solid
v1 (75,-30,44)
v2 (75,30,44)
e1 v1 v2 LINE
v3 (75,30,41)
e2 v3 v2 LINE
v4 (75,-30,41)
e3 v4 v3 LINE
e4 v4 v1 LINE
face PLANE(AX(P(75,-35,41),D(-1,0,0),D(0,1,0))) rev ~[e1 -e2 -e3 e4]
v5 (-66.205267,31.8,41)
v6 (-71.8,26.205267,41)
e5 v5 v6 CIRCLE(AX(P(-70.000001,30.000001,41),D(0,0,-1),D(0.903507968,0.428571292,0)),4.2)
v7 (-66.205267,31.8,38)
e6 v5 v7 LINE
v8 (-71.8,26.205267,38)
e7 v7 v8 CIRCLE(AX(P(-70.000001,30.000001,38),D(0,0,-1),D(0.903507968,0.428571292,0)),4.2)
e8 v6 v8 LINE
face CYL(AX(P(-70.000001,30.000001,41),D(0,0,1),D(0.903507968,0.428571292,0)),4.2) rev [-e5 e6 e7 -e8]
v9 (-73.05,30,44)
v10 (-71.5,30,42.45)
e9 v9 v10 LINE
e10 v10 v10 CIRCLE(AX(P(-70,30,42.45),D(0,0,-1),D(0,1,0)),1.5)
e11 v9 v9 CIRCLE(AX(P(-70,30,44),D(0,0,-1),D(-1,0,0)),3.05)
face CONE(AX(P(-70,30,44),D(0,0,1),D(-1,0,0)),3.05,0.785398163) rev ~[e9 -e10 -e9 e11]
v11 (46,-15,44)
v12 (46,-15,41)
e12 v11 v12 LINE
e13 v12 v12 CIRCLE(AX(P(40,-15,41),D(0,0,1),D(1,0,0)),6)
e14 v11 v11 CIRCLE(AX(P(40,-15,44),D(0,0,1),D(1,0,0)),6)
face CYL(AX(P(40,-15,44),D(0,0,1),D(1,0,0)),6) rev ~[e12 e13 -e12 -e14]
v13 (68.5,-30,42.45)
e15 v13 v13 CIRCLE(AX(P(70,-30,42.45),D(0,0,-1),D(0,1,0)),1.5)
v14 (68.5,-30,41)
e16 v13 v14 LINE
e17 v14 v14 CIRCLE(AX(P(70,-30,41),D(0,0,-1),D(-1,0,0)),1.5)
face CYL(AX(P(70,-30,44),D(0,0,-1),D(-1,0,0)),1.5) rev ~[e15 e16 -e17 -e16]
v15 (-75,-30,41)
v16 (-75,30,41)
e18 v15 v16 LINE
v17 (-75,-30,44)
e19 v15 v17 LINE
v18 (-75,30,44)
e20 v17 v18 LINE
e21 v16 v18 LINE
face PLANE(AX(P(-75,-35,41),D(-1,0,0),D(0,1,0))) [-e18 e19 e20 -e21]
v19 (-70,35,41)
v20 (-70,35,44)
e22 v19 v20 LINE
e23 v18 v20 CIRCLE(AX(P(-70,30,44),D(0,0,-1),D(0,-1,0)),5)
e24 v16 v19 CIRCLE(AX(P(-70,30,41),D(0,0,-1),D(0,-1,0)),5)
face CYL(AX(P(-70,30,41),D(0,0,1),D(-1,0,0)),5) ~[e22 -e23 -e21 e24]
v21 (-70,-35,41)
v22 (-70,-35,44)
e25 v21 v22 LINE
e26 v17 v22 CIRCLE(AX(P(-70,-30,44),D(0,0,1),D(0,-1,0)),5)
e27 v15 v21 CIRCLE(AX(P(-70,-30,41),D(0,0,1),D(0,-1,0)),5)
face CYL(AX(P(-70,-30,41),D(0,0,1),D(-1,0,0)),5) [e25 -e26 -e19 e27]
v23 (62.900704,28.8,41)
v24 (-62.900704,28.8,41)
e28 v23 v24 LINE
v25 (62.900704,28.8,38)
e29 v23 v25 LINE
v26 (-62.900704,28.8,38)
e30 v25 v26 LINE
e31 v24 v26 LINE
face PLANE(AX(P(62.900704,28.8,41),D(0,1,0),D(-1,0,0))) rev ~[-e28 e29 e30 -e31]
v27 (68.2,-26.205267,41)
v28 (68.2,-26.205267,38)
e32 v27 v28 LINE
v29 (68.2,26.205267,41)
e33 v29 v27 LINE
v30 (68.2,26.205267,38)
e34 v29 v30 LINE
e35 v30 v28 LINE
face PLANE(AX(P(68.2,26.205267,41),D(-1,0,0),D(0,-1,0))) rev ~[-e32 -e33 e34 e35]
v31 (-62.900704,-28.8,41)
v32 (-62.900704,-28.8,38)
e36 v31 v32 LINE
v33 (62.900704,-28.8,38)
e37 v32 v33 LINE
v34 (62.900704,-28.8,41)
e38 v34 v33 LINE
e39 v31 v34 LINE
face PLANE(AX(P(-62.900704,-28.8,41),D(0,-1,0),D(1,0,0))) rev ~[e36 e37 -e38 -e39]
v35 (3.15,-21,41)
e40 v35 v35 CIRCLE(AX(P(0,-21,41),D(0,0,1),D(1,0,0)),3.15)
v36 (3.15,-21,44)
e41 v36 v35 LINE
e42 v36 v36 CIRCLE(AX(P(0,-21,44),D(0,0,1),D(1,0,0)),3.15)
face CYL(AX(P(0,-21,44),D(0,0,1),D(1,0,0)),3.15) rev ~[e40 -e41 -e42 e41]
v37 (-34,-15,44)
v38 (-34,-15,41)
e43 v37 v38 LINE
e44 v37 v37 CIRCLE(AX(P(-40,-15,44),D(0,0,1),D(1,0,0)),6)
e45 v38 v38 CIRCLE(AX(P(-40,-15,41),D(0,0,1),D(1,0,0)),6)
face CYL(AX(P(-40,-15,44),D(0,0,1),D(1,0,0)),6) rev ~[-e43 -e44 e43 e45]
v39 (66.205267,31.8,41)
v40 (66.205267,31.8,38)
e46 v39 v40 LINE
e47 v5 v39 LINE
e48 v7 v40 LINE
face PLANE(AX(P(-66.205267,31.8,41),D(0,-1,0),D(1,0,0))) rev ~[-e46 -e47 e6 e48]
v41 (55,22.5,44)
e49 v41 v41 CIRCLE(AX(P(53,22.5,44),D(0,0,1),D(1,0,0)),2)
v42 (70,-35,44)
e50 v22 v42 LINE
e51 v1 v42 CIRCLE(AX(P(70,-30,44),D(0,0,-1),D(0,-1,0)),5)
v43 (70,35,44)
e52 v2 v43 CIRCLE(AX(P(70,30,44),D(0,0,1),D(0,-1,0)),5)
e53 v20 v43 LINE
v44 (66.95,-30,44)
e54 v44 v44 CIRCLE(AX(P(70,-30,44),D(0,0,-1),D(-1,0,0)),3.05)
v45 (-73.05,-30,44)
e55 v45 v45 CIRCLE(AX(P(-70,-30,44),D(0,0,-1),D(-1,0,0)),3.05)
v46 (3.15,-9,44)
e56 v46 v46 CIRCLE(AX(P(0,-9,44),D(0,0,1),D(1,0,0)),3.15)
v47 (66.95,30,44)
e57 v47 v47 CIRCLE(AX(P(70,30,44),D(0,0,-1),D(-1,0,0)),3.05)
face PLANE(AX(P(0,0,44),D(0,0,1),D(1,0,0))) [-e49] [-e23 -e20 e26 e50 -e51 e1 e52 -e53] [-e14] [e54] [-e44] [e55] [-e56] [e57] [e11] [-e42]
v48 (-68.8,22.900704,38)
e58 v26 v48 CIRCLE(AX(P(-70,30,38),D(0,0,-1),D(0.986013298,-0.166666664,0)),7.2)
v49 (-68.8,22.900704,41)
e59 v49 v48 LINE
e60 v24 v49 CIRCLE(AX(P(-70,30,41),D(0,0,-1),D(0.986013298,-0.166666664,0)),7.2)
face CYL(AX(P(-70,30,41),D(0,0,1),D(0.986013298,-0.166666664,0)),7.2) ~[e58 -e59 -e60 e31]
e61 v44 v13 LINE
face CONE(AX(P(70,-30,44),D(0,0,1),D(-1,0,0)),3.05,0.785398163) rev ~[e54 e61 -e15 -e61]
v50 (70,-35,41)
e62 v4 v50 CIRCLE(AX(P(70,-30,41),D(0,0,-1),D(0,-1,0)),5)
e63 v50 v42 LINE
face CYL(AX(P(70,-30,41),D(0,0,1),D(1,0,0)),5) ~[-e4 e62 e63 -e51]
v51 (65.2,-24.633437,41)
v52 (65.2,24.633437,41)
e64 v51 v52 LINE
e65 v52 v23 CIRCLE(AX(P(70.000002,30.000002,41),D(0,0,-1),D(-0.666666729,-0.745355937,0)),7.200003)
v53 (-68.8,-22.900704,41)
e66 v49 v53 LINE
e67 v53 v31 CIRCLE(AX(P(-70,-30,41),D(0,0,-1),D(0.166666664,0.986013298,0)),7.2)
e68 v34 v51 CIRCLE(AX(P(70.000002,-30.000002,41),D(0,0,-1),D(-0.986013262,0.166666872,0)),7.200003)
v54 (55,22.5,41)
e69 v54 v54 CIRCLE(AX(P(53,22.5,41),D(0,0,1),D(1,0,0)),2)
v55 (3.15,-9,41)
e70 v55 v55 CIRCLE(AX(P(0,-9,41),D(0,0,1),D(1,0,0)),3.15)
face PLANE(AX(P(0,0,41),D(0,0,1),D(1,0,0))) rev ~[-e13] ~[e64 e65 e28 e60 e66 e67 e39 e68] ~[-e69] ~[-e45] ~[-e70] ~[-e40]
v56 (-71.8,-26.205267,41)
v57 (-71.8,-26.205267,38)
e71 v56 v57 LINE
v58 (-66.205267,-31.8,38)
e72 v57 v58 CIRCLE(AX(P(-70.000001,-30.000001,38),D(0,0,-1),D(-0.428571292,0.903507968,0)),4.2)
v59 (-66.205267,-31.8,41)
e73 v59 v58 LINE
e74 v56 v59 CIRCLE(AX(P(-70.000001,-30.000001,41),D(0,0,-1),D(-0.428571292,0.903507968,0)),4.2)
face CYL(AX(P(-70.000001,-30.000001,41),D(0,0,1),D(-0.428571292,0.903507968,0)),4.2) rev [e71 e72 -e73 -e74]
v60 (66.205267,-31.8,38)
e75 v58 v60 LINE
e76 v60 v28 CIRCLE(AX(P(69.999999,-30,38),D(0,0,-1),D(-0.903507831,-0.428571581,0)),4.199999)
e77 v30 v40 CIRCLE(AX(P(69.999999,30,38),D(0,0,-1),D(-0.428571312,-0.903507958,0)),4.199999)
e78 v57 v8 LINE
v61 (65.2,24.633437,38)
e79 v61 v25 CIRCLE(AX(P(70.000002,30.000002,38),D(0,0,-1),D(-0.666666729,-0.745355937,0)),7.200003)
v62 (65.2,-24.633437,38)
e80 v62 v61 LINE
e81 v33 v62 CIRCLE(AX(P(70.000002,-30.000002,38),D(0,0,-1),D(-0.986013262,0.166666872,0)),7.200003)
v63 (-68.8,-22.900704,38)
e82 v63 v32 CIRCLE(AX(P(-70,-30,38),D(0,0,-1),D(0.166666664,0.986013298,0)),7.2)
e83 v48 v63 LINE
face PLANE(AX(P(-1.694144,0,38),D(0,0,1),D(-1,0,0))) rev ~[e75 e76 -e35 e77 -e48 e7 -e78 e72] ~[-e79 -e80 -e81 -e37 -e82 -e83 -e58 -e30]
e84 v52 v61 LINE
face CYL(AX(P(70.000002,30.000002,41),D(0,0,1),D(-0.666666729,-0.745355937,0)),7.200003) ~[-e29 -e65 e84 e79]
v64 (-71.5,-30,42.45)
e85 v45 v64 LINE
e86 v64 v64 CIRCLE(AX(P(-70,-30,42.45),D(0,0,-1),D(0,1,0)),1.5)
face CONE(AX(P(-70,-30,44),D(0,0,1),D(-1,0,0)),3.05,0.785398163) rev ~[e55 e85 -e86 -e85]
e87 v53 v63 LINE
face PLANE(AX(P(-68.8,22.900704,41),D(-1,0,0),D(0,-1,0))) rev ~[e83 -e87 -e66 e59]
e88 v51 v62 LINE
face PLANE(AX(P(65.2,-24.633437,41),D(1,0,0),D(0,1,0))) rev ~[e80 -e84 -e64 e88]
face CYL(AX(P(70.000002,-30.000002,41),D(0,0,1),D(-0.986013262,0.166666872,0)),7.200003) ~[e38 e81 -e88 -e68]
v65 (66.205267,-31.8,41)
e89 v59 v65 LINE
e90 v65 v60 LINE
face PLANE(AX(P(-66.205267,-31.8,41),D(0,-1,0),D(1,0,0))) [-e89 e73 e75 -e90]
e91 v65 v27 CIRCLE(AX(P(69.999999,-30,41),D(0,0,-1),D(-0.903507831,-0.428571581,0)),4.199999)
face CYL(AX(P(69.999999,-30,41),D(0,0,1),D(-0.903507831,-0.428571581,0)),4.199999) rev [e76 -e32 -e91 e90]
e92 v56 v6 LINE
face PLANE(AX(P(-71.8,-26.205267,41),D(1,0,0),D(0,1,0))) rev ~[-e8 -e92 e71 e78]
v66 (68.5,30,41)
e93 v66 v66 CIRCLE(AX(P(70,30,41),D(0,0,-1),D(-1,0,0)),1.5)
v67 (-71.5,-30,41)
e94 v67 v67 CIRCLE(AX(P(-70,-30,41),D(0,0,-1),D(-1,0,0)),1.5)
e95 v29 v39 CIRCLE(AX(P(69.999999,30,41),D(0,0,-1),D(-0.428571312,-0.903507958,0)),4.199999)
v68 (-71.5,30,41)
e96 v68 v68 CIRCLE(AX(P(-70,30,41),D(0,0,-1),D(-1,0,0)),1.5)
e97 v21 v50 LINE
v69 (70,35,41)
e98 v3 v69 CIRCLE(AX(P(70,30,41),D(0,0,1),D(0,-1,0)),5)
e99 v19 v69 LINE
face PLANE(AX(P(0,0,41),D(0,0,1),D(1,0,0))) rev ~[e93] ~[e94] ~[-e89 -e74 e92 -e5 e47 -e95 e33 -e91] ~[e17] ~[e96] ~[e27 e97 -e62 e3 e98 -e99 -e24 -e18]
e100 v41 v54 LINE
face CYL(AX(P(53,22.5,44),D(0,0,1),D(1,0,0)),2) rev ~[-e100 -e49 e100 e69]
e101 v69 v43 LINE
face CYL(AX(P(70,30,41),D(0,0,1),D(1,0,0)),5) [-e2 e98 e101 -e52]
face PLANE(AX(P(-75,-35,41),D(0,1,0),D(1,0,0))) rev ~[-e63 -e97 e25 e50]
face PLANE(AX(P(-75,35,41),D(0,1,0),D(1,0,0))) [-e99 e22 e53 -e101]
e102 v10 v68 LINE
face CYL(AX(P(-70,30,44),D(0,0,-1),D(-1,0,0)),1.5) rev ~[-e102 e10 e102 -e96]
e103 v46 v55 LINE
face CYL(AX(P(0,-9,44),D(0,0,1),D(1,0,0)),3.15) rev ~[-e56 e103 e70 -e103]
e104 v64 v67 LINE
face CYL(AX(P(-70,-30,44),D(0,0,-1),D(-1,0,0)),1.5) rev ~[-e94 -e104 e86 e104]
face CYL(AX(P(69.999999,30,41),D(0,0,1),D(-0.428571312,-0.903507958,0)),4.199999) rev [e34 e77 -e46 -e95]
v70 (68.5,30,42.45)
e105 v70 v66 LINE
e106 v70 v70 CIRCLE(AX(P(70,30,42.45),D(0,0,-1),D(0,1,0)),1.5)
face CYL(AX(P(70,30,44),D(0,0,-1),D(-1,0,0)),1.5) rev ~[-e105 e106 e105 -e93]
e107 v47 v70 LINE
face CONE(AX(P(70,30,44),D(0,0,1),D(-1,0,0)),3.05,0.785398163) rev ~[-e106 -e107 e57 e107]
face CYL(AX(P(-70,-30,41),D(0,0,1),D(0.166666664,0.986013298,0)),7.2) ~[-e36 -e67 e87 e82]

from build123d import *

# Parameters (mm, degrees)
SKETCH002_W      = 150
SKETCH002_H      = 70
PAD002_DEPTH     = 3
PAD003_DEPTH     = 3
HOLE_D           = 3
HOLE_DEPTH       = 25
HOLE_CSINK_D     = 6.1
HOLE_CSINK_ANGLE = 90
FILLET001_R      = 5
SKETCH009_R      = 6
SKETCH009_R_2    = 3.15
SKETCH009_R_3    = 2
POCKET003_DEPTH  = 5


with BuildPart() as part:
    # Sketch002 → Pad002 (new body)
    with BuildSketch(Plane.XY.offset(41)):
        Rectangle(SKETCH002_W, SKETCH002_H)
    extrude(amount=PAD002_DEPTH)

    # Sketch003 (on Face5 of Pad002) → Pad003 (join)
    with BuildSketch(Plane(origin=(0, 0, 41), x_dir=(1, 0, 0), z_dir=(0, 0, -1))):
        with BuildLine():
            Line((-66.205267, 31.8), (66.205267, 31.8))
            ThreePointArc((66.205267, 31.8), (66.043926, 28.589511), (68.2, 26.205267))
            Line((68.2, -26.205267), (68.2, 26.205267))
            ThreePointArc((68.2, -26.205267), (66.043926, -28.589511), (66.205267, -31.8))
            Line((-66.205267, -31.8), (66.205267, -31.8))
            ThreePointArc((-66.205267, -31.8), (-67.030152, -27.030152), (-71.8, -26.205267))
            Line((-71.8, 26.205267), (-71.8, -26.205267))
            ThreePointArc((-71.8, 26.205267), (-67.030152, 27.030152), (-66.205267, 31.8))
        make_face()
        with BuildLine():
            Line((-62.900704, 28.8), (62.900704, 28.8))
            ThreePointArc((62.900704, 28.8), (63.696162, 26.521261), (65.2, 24.633437))
            Line((65.2, 24.633437), (65.2, -24.633437))
            ThreePointArc((65.2, -24.633437), (63.696162, -26.521261), (62.900704, -28.8))
            Line((62.900704, -28.8), (-62.900704, -28.8))
            ThreePointArc((-62.900704, -28.8), (-64.908831, -24.908831), (-68.8, -22.900704))
            Line((-68.8, -22.900704), (-68.8, 22.900704))
            ThreePointArc((-68.8, 22.900704), (-64.908831, 24.908831), (-62.900704, 28.8))
        make_face(mode=Mode.SUBTRACT)
    extrude(amount=PAD003_DEPTH)

    # Hole
    with Locations(Plane.XY.offset(44)):
        with Locations((-70, 30), (70, 30), (70, -30), (-70, -30)):
            CounterSinkHole(HOLE_D / 2, HOLE_CSINK_D / 2, depth=HOLE_DEPTH, counter_sink_angle=HOLE_CSINK_ANGLE)

    # Fillet001
    fillet001_edges = [part.edges().sort_by_distance(p)[0] for p in [
        (-75, -35, 42.5),
        (75, -35, 42.5),
        (-75, 35, 42.5),
        (75, 35, 42.5),
    ]]
    fillet(fillet001_edges, radius=FILLET001_R)

    # Sketch009 (on Face5 of Fillet001) → Pocket003 (cut)
    with BuildSketch(Plane.XY.offset(44)):
        with Locations((40, -15)):
            Circle(SKETCH009_R)
        with Locations((-40, -15)):
            Circle(SKETCH009_R)
        with Locations((0, -9)):
            Circle(SKETCH009_R_2)
        with Locations((0, -21)):
            Circle(SKETCH009_R_2)
        with Locations((53, 22.5)):
            Circle(SKETCH009_R_3)
    extrude(amount=-POCKET003_DEPTH, mode=Mode.SUBTRACT)


solid = part.part
